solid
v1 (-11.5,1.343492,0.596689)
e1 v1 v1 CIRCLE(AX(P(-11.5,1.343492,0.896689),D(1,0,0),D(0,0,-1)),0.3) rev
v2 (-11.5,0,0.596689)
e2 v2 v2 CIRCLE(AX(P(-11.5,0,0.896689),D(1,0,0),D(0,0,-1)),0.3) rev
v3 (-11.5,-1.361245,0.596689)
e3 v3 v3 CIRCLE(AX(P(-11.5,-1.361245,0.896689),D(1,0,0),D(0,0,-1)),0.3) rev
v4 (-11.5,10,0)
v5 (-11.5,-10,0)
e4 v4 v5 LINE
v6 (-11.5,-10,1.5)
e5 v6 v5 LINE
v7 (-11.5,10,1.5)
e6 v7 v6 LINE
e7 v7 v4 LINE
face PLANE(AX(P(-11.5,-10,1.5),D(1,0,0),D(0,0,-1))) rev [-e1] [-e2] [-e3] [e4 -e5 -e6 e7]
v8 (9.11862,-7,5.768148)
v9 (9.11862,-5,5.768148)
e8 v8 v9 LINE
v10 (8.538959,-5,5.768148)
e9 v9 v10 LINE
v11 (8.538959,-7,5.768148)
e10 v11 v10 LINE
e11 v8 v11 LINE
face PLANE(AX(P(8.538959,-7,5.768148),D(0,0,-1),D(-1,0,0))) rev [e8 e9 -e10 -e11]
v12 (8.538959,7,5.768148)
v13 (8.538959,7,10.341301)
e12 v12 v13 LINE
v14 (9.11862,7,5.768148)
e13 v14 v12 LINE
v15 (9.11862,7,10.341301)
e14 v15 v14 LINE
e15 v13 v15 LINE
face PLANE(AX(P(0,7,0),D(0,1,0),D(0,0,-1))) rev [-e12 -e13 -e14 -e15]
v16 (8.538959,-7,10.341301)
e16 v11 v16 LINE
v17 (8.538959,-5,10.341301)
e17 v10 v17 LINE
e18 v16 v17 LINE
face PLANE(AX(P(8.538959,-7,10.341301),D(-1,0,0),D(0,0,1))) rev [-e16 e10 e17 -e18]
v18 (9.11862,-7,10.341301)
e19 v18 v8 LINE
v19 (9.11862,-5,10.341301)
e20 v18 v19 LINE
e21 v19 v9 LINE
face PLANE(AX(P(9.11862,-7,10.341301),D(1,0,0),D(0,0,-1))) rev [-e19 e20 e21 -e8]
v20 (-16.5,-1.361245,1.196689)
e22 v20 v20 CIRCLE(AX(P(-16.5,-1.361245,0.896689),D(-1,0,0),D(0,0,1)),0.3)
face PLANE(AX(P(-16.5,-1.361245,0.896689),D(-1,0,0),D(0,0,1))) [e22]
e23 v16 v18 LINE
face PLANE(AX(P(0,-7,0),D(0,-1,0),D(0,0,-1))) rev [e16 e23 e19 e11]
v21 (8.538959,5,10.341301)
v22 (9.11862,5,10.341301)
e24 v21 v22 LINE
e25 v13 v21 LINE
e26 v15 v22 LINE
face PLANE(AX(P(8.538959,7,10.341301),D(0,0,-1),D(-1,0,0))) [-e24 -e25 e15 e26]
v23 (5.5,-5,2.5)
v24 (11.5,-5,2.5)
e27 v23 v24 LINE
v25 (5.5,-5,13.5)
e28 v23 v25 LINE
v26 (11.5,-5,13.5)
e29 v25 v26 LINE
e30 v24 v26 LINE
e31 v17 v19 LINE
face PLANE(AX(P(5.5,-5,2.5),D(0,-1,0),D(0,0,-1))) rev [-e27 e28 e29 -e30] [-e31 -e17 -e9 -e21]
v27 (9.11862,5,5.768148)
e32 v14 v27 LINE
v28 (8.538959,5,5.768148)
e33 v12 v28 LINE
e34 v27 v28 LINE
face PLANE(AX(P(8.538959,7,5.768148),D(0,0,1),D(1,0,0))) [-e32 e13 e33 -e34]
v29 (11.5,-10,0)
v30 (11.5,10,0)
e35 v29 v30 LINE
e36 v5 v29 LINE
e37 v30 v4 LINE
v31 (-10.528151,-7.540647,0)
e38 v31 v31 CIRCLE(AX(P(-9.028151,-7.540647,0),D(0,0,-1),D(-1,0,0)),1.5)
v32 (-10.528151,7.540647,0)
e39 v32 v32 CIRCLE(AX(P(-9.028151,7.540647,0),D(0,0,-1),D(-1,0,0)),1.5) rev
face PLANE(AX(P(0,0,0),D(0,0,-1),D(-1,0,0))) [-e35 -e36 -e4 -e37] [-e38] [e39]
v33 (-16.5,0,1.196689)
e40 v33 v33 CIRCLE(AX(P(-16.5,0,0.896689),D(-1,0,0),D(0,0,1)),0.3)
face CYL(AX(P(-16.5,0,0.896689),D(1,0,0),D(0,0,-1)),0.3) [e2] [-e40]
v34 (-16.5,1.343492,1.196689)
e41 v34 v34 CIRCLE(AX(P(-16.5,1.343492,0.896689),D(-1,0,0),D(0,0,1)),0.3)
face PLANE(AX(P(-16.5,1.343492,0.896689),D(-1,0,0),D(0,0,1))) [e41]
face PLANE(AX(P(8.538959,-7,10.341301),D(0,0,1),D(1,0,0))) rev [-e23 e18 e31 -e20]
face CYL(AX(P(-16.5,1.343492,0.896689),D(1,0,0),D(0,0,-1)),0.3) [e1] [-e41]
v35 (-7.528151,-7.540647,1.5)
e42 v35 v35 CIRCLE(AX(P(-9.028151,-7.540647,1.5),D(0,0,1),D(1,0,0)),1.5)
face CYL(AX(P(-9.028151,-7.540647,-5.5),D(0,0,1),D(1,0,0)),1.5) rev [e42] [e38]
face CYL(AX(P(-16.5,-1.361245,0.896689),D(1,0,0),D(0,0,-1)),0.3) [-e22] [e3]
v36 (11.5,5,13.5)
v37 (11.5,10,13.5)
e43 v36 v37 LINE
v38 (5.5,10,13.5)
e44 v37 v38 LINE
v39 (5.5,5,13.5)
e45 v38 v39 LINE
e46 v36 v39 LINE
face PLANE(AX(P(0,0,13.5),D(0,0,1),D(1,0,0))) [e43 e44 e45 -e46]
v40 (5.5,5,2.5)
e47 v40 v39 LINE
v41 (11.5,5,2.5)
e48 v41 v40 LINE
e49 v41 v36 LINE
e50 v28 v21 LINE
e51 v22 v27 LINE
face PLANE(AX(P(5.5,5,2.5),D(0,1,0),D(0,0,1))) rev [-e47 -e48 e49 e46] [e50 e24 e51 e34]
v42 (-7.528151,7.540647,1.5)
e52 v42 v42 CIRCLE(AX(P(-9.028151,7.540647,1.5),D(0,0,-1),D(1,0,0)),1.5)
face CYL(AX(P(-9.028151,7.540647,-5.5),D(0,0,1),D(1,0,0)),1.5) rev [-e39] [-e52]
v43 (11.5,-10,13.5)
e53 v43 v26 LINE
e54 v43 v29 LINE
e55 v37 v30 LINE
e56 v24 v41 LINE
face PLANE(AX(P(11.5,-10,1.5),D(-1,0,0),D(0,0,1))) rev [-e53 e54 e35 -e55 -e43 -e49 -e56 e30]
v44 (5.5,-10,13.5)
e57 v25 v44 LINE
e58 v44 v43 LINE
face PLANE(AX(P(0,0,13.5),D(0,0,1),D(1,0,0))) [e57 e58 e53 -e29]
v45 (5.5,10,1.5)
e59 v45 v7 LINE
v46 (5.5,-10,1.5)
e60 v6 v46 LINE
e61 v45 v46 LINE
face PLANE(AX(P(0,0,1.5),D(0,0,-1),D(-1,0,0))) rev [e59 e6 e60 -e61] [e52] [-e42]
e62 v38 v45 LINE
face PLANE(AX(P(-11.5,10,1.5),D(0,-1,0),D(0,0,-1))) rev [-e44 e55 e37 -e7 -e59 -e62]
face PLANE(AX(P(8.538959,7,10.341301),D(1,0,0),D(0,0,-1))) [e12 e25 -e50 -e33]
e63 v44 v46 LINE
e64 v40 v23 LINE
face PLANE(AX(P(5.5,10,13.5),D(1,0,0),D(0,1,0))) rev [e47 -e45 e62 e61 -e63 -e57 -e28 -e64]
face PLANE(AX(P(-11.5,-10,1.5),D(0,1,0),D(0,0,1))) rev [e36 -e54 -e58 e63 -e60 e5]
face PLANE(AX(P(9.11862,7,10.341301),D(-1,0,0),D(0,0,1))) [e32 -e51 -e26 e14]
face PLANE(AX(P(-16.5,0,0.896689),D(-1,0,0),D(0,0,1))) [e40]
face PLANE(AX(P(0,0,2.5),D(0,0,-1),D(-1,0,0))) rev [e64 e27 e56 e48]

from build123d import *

# Parameters (mm, degrees)
SKETCH_1_W          = 23
SKETCH_1_H          = 20
EXTRUDE_1_DEPTH     = 1.5
SKETCH_2_W          = 6
SKETCH_2_H          = 20
EXTRUDE_2_DEPTH     = 12
SKETCH_3_W          = 6
SKETCH_3_H          = 10
CUT_EXTRUDE_1_DEPTH = 11
SKETCH_4_R          = 0.3
EXTRUDE_3_DEPTH     = 5
SKETCH_5_R          = 1.5
CUT_EXTRUDE_2_DEPTH = 7
SKETCH_6_W          = 0.579660534
SKETCH_6_H          = 4.573153075
CUT_EXTRUDE_3_DEPTH = 2


with BuildPart() as part:
    # 草图1 → 凸台-拉伸1 (new body)
    with BuildSketch(Plane.XY):
        Rectangle(SKETCH_1_W, SKETCH_1_H)
    extrude(amount=EXTRUDE_1_DEPTH)

    # 草图2 → 凸台-拉伸2 (add)
    with BuildSketch(Plane.XY.offset(1.5)):
        with Locations((8.5, 0)):
            Rectangle(SKETCH_2_W, SKETCH_2_H)
    extrude(amount=EXTRUDE_2_DEPTH)

    # 草图3 → 切除-拉伸1 (cut)
    with BuildSketch(Plane.XY.offset(13.5)):
        with Locations((8.5, 0)):
            Rectangle(SKETCH_3_W, SKETCH_3_H)
    extrude(amount=-CUT_EXTRUDE_1_DEPTH, mode=Mode.SUBTRACT)

    # 草图4 → 凸台-拉伸3 (add)
    with BuildSketch(Plane.ZY.offset(11.5)):
        with Locations((0.896688641, 1.343491603)):
            Circle(SKETCH_4_R)
        with Locations((0.896688641, 0)):
            Circle(SKETCH_4_R)
        with Locations((0.896688641, -1.361244933)):
            Circle(SKETCH_4_R)
    extrude(amount=EXTRUDE_3_DEPTH)

    # 草图5 → 切除-拉伸2 (cut)
    with BuildSketch(Plane.XY.offset(1.5)):
        with Locations((-9.028150669, -7.540646778)):
            Circle(SKETCH_5_R)
    cut_extrude_2 = extrude(amount=-CUT_EXTRUDE_2_DEPTH, mode=Mode.SUBTRACT)

    # 镜向1: 切除-拉伸2 across plane
    add(cut_extrude_2.mirror(Plane.ZX), mode=Mode.SUBTRACT)

    # 草图6 → 切除-拉伸3 (cut)
    with BuildSketch(Plane(origin=(0, -5, 0), x_dir=(1, 0, 0), z_dir=(0, 1, 0))):
        with Locations((8.828789431, -8.054724521)):
            Rectangle(SKETCH_6_W, SKETCH_6_H)
    cut_extrude_3 = extrude(amount=-CUT_EXTRUDE_3_DEPTH, mode=Mode.SUBTRACT)

    # 镜向2: 切除-拉伸3 across plane
    add(cut_extrude_3.mirror(Plane.ZX), mode=Mode.SUBTRACT)


solid = part.part
